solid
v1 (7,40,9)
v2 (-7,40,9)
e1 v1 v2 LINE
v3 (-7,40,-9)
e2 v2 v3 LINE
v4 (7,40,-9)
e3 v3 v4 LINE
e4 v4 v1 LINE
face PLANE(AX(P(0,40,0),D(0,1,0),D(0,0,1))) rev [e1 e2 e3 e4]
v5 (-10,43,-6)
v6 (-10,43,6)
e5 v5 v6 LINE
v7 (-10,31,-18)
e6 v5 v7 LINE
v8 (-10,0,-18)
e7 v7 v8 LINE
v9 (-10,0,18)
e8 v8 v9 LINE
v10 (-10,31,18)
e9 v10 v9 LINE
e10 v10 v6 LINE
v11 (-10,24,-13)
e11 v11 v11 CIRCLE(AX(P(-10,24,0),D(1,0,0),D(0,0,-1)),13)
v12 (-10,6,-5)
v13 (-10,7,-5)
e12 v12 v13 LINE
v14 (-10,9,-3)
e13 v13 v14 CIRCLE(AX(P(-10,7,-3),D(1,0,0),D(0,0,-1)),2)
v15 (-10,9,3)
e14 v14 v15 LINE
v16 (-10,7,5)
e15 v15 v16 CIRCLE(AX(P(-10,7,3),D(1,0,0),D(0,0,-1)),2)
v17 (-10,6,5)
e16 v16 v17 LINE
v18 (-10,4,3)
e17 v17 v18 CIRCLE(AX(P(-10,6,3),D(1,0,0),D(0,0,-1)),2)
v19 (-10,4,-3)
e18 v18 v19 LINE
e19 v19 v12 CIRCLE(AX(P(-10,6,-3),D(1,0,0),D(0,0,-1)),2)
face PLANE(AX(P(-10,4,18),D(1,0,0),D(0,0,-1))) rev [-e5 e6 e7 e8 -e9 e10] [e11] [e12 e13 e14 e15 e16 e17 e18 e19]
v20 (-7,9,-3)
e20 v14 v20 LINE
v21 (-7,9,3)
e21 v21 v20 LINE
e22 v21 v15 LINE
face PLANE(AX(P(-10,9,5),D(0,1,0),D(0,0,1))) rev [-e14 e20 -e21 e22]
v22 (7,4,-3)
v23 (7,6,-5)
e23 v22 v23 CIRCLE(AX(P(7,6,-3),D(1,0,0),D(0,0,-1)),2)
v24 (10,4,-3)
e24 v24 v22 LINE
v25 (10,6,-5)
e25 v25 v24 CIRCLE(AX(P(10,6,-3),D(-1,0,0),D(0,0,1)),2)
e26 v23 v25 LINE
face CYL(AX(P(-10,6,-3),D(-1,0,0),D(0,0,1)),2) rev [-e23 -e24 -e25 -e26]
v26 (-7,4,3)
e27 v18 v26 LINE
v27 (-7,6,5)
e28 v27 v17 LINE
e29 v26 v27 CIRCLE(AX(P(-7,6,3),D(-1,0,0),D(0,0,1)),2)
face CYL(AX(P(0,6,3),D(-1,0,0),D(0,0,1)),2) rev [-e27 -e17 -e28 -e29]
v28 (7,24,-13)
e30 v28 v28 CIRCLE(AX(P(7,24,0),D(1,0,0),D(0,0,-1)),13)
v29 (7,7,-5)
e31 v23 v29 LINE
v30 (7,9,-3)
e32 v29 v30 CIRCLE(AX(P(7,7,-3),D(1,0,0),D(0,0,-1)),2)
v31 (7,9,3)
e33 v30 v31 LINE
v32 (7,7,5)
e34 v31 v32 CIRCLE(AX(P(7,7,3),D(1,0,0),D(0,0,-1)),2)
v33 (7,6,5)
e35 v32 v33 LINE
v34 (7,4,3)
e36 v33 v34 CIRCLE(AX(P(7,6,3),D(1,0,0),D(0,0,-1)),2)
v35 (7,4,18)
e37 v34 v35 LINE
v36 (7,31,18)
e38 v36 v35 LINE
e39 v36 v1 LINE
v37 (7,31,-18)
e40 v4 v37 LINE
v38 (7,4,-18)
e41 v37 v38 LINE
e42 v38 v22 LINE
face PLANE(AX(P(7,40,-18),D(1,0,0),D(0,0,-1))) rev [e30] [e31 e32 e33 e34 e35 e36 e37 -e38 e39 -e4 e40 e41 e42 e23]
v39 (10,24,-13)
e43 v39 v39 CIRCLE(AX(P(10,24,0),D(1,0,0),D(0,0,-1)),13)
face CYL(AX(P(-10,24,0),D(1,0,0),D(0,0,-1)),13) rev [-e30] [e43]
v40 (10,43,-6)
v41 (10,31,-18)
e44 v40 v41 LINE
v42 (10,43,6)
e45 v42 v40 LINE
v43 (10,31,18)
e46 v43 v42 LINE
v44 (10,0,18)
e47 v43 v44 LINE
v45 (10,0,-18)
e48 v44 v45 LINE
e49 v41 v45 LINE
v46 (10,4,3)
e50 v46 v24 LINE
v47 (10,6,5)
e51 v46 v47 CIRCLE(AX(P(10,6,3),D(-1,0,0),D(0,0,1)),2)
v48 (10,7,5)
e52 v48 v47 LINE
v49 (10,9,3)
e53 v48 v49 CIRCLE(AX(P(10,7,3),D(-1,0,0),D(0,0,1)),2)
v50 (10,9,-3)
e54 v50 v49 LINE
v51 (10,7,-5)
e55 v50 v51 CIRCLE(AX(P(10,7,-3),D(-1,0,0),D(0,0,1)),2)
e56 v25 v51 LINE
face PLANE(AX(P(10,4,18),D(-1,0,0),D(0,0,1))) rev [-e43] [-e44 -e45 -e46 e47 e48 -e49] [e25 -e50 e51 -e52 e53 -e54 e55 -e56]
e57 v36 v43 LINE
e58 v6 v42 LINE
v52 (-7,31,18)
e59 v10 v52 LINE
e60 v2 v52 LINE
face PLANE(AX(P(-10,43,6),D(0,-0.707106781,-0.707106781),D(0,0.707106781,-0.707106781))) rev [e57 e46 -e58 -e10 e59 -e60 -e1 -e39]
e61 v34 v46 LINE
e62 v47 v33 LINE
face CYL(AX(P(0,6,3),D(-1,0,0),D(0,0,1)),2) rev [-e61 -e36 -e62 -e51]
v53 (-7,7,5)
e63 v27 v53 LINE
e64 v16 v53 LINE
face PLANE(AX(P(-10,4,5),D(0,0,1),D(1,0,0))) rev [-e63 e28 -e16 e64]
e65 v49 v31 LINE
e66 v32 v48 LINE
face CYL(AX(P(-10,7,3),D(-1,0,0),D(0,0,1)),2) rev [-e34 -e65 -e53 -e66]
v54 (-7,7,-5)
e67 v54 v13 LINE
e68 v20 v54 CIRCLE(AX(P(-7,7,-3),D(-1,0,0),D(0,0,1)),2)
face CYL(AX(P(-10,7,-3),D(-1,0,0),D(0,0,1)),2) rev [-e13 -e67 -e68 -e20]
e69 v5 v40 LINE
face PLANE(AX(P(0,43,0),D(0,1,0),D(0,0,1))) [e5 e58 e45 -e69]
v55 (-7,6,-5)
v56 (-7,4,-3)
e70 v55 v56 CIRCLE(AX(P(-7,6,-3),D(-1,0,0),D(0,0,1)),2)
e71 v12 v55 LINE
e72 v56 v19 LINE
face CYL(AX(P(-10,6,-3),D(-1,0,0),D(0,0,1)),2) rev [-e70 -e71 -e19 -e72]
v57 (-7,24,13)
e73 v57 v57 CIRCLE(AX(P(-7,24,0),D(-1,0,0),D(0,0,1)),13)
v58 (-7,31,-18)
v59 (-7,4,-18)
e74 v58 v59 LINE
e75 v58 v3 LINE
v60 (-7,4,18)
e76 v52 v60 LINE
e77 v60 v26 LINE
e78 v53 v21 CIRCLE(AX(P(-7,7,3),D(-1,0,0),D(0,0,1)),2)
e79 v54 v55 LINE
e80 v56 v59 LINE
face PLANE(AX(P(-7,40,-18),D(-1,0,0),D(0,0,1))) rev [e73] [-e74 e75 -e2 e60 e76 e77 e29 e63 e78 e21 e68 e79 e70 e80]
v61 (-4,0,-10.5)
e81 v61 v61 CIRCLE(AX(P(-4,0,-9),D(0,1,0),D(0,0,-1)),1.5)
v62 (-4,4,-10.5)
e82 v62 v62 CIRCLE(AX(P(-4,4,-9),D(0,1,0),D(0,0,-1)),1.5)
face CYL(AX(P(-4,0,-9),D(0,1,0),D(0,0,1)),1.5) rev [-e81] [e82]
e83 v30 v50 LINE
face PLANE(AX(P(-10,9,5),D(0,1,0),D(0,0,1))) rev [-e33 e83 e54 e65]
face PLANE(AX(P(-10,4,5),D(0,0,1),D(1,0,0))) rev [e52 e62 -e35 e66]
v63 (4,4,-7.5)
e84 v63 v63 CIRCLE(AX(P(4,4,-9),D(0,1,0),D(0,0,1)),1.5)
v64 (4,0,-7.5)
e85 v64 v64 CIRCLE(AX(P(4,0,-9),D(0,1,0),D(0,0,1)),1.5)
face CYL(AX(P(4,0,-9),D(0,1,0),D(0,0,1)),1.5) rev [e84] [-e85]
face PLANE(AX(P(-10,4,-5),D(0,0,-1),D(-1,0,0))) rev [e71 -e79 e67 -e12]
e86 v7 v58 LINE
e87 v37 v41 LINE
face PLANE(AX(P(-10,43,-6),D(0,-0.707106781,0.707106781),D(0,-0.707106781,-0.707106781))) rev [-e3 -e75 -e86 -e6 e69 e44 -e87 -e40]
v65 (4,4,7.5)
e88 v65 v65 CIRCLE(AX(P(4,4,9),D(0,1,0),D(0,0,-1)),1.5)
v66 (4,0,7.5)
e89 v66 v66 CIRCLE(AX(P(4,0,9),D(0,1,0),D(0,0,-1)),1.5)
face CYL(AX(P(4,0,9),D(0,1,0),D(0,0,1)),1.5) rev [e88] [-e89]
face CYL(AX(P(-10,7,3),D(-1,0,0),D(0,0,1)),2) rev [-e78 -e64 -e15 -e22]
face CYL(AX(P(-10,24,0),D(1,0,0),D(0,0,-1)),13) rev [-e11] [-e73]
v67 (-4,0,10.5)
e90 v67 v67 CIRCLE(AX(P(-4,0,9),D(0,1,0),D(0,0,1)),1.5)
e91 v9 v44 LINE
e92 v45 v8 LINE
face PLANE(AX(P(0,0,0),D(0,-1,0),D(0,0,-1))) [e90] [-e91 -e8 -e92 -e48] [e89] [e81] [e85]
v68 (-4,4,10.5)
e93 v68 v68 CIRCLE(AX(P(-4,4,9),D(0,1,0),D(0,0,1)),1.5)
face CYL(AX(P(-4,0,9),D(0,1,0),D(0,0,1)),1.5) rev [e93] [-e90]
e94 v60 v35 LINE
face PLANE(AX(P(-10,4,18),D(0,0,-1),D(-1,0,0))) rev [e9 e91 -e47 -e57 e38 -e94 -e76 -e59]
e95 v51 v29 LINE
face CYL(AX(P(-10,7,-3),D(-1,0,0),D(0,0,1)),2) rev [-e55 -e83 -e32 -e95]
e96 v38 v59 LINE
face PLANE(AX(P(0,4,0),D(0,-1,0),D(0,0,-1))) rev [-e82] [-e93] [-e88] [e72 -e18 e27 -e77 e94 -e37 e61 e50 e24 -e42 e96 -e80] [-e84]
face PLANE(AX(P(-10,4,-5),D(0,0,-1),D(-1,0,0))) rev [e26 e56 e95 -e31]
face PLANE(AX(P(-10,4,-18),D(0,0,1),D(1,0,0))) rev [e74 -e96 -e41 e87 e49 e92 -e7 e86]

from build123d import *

# Parameters (mm, degrees)
SKETCH_1_W          = 20
SKETCH_1_H          = 36
EXTRUDE_1_DEPTH     = 4
SKETCH_2_W          = 3
SKETCH_2_H          = 36
EXTRUDE_2_DEPTH     = 36
SKETCH_3_W          = 20
SKETCH_3_H          = 36
EXTRUDE_3_DEPTH     = 3
SKETCH_4_R          = 13
CUT_EXTRUDE_1_DEPTH = 51.724747412
CUT_EXTRUDE_2_DEPTH = 51.724747412
SKETCH_6_R          = 1.5
CUT_EXTRUDE_3_DEPTH = 4
SKETCH_7_W          = 10
SKETCH_7_H          = 5
CUT_EXTRUDE_4_DEPTH = 51.724747412
FILLET_1_R          = 2


with BuildPart() as part:
    # 草图1 → 凸台-拉伸1 (new body)
    with BuildSketch(Plane(origin=(0, 0, 0), x_dir=(1, 0, 0), z_dir=(0, 1, 0))):
        Rectangle(SKETCH_1_W, SKETCH_1_H)
    extrude(amount=EXTRUDE_1_DEPTH)

    # 草图2 → 凸台-拉伸2 (add)
    with BuildSketch(Plane(origin=(0, 4, 0), x_dir=(1, 0, 0), z_dir=(0, 1, 0))):
        with Locations((-8.5, 0)):
            Rectangle(SKETCH_2_W, SKETCH_2_H)
        with Locations((8.5, 0)):
            Rectangle(SKETCH_2_W, SKETCH_2_H)
    extrude(amount=EXTRUDE_2_DEPTH)

    # 草图3 → 凸台-拉伸3 (add)
    with BuildSketch(Plane(origin=(0, 40, 0), x_dir=(1, 0, 0), z_dir=(0, 1, 0))):
        Rectangle(SKETCH_3_W, SKETCH_3_H)
    extrude(amount=EXTRUDE_3_DEPTH)

    # 草图4 → 切除-拉伸1 (cut, through all)
    with BuildSketch(Plane(origin=(10, 0, 0), x_dir=(0, 0, -1), z_dir=(1, 0, 0))):
        with Locations((0, 24)):
            Circle(SKETCH_4_R)
    extrude(amount=-CUT_EXTRUDE_1_DEPTH, mode=Mode.SUBTRACT)

    # 草图5 → 切除-拉伸2 (cut, through all)
    with BuildSketch(Plane(origin=(10, 0, 0), x_dir=(0, 0, -1), z_dir=(1, 0, 0))):
        Polygon((-6, 43), (-18, 31), (-18, 43), align=None)
        Polygon((18, 31), (18, 43), (6, 43), align=None)
    extrude(amount=-CUT_EXTRUDE_2_DEPTH, mode=Mode.SUBTRACT)

    # 草图6 → 切除-拉伸3 (cut)
    with BuildSketch(Plane(origin=(0, 4, 0), x_dir=(1, 0, 0), z_dir=(0, 1, 0))):
        with Locations(Location((4, 9, 0), (0, 0, 270))):
            Circle(SKETCH_6_R)
        with Locations(Location((-4, 9, 0), (0, 0, 90))):
            Circle(SKETCH_6_R)
        with Locations(Location((4, -9, 0), (0, 0, 90))):
            Circle(SKETCH_6_R)
        with Locations(Location((-4, -9, 0), (0, 0, 270))):
            Circle(SKETCH_6_R)
    extrude(amount=-CUT_EXTRUDE_3_DEPTH, mode=Mode.SUBTRACT)

    # 草图7 → 切除-拉伸4 (cut, through all)
    with BuildSketch(Plane(origin=(10, 0, 0), x_dir=(0, 0, -1), z_dir=(1, 0, 0))):
        with Locations((0, 6.5)):
            Rectangle(SKETCH_7_W, SKETCH_7_H)
    extrude(amount=-CUT_EXTRUDE_4_DEPTH, mode=Mode.SUBTRACT)

    # 圆角1
    fillet_1_edges = [part.edges().sort_by_distance(p)[0] for p in [
        (-8.5, 4, 5),
        (8.5, 4, 5),
        (-8.5, 9, 5),
        (8.5, 9, 5),
        (-8.5, 9, -5),
        (8.5, 9, -5),
        (-8.5, 4, -5),
        (8.5, 4, -5),
    ]]
    fillet(fillet_1_edges, radius=FILLET_1_R)


solid = part.part
